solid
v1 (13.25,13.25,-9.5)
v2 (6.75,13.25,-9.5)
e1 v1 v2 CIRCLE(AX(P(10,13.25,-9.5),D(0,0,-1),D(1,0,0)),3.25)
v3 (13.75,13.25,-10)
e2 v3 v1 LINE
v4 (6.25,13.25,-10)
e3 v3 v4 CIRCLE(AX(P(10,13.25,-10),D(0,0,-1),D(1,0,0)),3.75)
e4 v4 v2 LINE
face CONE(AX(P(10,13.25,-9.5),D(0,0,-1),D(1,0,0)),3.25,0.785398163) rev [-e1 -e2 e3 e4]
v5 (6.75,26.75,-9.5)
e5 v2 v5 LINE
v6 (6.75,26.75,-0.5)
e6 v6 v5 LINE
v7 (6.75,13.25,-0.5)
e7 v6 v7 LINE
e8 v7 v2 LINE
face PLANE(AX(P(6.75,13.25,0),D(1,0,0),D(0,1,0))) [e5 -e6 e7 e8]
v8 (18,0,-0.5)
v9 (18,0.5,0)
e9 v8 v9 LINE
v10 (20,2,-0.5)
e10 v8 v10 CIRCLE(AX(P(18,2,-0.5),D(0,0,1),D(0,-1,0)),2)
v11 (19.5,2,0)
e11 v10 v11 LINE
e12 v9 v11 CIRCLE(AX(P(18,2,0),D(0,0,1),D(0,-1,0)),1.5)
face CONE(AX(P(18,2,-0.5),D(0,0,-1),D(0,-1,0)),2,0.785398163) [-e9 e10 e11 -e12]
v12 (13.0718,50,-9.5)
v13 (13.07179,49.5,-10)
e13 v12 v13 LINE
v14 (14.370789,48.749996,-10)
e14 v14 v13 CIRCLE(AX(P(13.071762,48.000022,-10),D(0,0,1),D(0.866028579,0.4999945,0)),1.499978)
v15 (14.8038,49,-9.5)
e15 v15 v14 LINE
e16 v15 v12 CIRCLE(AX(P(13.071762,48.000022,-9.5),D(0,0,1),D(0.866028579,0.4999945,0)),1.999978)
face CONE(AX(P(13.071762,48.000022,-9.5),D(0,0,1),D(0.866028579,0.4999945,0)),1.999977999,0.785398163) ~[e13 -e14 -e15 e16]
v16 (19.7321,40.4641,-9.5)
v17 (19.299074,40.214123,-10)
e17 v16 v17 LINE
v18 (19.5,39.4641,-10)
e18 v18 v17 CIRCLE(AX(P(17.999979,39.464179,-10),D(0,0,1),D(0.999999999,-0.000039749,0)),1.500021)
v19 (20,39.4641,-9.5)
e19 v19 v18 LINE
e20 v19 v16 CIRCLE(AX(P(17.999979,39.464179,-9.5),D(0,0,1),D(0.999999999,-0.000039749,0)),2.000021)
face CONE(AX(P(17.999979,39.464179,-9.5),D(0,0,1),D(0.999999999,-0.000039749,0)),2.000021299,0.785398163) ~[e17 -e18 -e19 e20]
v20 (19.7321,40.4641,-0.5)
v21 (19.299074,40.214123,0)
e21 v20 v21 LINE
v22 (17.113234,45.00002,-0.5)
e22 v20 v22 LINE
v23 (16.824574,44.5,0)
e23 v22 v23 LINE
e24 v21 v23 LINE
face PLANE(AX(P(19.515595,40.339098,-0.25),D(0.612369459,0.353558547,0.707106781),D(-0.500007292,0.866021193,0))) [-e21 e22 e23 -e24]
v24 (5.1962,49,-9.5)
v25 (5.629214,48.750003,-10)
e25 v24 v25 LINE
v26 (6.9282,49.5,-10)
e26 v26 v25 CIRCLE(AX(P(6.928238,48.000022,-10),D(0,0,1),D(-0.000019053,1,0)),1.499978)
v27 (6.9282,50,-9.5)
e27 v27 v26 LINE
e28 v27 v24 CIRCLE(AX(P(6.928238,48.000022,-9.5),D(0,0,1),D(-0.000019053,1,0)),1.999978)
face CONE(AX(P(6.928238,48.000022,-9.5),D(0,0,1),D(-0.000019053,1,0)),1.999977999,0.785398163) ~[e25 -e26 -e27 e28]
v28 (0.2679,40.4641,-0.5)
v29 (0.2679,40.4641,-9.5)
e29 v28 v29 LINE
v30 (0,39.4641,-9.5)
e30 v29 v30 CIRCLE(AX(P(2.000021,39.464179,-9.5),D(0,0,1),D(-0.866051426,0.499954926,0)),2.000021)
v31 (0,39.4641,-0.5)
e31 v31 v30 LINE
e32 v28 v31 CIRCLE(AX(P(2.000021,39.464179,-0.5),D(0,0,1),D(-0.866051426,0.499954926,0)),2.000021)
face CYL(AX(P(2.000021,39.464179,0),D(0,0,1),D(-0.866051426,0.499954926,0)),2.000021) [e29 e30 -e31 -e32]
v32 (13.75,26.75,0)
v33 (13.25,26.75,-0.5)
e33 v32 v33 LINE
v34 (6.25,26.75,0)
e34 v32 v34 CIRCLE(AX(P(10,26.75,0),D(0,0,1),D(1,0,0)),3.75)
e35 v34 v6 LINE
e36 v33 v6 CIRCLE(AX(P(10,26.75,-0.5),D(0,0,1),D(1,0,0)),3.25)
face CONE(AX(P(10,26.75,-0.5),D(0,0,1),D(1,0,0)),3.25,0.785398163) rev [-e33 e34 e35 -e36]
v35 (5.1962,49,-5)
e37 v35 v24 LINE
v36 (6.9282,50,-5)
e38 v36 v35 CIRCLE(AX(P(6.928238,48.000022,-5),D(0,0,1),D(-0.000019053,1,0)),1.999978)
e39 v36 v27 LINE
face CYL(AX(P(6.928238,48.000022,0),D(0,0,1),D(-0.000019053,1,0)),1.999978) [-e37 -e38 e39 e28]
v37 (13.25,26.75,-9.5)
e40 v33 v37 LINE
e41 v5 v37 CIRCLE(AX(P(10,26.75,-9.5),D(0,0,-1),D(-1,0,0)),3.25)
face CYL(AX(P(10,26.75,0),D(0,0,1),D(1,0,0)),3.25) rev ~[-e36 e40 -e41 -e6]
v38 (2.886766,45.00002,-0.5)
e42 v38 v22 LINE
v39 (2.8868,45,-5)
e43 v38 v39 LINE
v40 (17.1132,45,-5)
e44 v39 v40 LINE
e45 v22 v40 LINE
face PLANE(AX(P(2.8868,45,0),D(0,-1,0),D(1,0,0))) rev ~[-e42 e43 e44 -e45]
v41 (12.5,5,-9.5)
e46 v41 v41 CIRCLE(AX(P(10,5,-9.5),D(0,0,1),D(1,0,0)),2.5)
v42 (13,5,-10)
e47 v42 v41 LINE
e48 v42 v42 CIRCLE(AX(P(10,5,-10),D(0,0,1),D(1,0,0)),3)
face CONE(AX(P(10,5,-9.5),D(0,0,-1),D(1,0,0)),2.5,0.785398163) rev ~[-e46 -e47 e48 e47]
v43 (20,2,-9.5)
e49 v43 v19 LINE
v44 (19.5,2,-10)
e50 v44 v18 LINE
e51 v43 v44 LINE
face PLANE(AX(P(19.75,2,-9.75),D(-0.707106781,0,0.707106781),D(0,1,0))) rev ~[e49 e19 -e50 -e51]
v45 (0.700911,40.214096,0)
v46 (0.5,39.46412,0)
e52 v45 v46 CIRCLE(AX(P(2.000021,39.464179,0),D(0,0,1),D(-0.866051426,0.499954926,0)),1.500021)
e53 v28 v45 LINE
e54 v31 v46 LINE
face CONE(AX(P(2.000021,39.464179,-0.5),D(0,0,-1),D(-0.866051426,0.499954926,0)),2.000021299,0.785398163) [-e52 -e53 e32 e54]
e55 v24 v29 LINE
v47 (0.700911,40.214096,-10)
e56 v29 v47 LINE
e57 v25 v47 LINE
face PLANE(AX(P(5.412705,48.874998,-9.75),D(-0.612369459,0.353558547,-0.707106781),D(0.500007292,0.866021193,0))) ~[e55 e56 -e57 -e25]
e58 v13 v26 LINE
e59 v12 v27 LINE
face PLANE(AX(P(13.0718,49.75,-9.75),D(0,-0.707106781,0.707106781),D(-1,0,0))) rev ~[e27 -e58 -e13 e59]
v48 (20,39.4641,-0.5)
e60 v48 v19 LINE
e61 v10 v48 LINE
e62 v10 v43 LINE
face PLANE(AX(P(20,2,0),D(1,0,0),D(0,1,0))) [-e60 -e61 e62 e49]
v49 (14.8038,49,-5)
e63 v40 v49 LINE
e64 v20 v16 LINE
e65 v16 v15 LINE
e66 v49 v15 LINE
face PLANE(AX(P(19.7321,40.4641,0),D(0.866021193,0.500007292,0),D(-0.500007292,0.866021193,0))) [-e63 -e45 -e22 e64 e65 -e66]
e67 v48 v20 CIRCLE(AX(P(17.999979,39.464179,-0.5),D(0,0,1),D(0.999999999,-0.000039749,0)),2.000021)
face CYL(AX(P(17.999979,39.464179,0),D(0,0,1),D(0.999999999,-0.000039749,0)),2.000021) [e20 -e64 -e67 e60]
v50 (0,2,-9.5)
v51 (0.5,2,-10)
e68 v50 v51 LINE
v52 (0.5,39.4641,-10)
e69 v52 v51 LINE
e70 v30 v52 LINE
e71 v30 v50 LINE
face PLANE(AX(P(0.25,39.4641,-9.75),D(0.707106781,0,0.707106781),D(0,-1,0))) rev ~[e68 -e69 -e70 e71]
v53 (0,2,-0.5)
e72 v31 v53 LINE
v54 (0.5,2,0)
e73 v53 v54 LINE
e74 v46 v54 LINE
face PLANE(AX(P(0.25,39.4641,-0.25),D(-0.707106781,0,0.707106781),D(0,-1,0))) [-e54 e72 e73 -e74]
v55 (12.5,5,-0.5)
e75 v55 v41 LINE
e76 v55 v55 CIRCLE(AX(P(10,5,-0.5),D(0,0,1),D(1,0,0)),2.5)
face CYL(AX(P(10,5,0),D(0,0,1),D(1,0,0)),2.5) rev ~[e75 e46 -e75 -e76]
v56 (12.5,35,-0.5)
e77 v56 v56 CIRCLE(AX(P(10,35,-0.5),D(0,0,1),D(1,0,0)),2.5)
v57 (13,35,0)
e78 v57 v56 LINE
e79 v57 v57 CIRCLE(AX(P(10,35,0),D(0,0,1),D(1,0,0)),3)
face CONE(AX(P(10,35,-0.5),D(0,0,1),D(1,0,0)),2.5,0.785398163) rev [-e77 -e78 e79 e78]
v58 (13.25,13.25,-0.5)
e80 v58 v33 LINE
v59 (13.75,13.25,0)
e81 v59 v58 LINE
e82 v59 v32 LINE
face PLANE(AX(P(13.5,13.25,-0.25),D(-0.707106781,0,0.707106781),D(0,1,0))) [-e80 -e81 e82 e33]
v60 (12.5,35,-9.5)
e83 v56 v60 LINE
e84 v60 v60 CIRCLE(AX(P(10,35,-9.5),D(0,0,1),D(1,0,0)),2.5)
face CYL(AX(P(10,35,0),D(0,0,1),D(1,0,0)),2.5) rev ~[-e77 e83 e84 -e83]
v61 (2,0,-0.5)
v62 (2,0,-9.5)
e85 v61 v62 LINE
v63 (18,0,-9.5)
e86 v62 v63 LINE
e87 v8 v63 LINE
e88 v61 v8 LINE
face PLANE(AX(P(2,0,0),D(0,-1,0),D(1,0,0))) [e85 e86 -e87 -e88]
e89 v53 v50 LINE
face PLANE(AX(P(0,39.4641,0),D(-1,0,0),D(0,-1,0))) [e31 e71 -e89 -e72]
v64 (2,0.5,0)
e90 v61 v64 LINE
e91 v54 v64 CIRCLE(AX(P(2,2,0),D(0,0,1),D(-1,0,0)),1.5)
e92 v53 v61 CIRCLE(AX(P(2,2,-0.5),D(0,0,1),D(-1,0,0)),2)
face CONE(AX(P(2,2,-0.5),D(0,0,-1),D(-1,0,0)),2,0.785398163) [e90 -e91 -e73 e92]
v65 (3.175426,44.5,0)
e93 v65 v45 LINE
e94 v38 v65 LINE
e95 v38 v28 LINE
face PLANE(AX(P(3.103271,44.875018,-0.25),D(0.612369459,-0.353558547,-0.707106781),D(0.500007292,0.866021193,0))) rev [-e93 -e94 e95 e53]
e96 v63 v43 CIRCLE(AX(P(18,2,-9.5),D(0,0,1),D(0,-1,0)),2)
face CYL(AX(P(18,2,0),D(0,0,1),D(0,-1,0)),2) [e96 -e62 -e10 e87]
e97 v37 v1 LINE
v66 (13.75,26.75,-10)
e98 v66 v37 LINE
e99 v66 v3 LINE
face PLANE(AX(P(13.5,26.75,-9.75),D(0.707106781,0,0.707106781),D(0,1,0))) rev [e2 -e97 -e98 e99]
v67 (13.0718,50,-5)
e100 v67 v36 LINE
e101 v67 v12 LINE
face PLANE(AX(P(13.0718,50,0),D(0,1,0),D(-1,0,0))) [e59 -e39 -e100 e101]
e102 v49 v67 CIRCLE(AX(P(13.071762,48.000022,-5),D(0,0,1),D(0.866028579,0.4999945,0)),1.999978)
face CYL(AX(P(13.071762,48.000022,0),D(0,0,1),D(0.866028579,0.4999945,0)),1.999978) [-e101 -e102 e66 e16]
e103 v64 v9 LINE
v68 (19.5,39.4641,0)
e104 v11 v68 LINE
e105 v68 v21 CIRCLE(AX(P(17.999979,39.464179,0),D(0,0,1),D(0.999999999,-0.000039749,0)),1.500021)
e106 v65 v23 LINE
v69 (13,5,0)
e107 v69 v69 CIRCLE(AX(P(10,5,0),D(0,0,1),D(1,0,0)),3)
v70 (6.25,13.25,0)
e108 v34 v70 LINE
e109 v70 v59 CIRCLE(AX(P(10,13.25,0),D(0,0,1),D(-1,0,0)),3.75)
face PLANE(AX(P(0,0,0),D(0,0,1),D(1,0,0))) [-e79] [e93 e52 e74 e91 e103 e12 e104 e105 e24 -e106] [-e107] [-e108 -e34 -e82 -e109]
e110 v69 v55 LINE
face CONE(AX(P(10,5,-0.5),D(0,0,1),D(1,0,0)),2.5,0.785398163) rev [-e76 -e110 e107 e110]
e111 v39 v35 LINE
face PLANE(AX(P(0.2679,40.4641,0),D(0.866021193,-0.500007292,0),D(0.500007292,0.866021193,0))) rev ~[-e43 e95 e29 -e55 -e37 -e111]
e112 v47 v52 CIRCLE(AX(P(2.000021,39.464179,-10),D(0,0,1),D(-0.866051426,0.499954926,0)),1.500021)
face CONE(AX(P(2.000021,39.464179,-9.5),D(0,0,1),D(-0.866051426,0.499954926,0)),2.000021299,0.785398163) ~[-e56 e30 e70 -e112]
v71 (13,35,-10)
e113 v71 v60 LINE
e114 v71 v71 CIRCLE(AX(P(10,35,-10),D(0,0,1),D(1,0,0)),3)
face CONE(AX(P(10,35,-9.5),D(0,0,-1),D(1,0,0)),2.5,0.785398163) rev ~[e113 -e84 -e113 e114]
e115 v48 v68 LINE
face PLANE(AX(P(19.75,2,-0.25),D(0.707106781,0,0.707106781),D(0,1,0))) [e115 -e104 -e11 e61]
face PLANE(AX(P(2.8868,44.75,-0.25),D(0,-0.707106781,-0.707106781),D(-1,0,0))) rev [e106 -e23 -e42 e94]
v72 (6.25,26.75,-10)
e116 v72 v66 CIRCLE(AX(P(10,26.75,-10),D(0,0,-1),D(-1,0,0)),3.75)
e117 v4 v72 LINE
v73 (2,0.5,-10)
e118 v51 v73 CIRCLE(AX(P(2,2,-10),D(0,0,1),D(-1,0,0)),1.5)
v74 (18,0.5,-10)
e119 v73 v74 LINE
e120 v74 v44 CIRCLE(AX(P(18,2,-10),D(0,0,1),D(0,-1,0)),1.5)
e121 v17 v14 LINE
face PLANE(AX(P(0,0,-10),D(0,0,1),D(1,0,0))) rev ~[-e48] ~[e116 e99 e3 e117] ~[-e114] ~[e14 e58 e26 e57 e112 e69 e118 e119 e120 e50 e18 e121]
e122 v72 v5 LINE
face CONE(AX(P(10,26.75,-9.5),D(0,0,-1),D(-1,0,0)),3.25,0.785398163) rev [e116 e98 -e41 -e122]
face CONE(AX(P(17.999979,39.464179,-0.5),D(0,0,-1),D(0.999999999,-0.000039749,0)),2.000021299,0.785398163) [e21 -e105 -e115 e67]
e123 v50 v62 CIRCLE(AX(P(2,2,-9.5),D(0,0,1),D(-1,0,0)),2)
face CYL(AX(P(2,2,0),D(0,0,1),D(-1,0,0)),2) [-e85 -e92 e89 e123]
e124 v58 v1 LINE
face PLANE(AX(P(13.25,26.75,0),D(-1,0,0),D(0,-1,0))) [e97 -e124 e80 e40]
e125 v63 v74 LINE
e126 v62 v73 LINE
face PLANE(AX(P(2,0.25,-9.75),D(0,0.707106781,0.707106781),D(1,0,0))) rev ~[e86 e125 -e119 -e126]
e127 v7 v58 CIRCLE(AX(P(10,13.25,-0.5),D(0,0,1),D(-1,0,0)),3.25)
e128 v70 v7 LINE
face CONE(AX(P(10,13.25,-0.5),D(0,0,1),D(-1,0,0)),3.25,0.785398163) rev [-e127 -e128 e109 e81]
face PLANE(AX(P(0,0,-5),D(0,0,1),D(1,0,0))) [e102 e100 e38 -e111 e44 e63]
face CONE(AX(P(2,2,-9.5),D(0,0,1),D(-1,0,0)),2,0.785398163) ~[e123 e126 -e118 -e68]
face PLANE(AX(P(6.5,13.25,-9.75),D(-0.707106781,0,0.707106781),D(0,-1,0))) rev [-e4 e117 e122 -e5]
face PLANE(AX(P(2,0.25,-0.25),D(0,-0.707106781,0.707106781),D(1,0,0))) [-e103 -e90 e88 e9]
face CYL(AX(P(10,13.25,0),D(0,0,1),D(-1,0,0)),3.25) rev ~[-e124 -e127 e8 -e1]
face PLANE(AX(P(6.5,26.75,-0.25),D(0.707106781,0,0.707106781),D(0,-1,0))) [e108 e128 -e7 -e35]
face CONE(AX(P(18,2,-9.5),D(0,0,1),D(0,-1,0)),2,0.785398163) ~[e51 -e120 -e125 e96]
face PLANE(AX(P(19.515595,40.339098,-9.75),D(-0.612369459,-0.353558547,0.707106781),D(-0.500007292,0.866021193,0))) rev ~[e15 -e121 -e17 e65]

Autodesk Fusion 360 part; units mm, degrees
sketch "Skizze1" plane through (0, 0, 0) normal (0, 0, 1) x (1, 0, 0)
  line L0 (2, 0) -> (18, 0)
  line L1 (20, 2) -> (20, 39.4641)
  line L2 (13.0718, 50) -> (6.9282, 50)
  line L3 (0, 39.4641) -> (0, 2)
  line L4 (10, 50) -> (10, 0) construction
  circle A0 centre (10, 5) radius 2.5
  circle A1 centre (10, 35) radius 2.5
  line L5 (13.25, 26.75) -> (13.25, 13.25)
  line L6 (6.75, 13.25) -> (6.75, 26.75)
  arc A2 (13.25, 26.75) -> (6.75, 26.75) centre (10, 26.75) ccw
  arc A3 (6.75, 13.25) -> (13.25, 13.25) centre (10, 13.25) ccw
  line L7 (0, 40) -> (20, 40) construction
  line L8 (0.2679, 40.4641) -> (5.1962, 49)
  line L9 (19.7321, 40.4641) -> (14.8038, 49)
  line L10 (0, 45) -> (20, 45) construction
  line L11 (0, 26.75) -> (20, 26.75) construction
  line L12 (0, 13.25) -> (20, 13.25) construction
  line L13 (2.8868, 45) -> (17.1132, 45)
  arc A4 (0, 2) -> (2, 0) centre (2, 2) ccw
  arc A5 (18, 0) -> (20, 2) centre (18, 2) ccw
  arc A6 (0.2679, 40.4641) -> (0, 39.4641) centre (2, 39.4641) ccw
  arc A7 (20, 39.4641) -> (19.7321, 40.4641) centre (18, 39.4641) ccw
  arc A8 (14.8038, 49) -> (13.0718, 50) centre (13.0718, 48) ccw
  arc A9 (6.9282, 50) -> (5.1962, 49) centre (6.9282, 48) ccw
  point P0 (20, 0)
  point P1 (20, 40)
  dimension "breite" = 20
  dimension "loch_durchmesser" = 5
  dimension "d4" = 20
  dimension "d6" = 5
  dimension "d7" = 5
  dimension "d8" = 5
  dimension "d9" = 8.25
  dimension "d10" = 8.25
  dimension "kopf_lenge" = 10
  dimension "d13" = 10
  dimension "d14" = 60
  dimension "d15" = 60
  dimension "kopf_winkel" = 60
  dimension "d18" = 5
  dimension "d19" = 6.5
  dimension "d21" = 5
  dimension "d22" = 50
  dimension "d23" = 10
  dimension "d24" = 5
  dimension "parameter_1" = 2.5
  dimension "abrundung" = 2
  dimension "d27" = 2
  dimension "d28" = 2
  dimension "d29" = 2
  dimension "d30" = 2
  dimension "d31" = 2
  dimension "d32" = 2
extrude "Extrusion1" add sketch "Skizze1" against normal blind 10
extrude "Extrusion2" cut sketch "Skizze1" against normal blind 5 contours L2 L8 L9 L13 A8 A9
chamfer "Fase1" distance 0.5 angle 45 34 edges at (10, 30, 0) (13.25, 20, 0) (10, 10, 0) (6.75, 20, 0) (7.6692, 35.904, 0) (7.6692, 5.904, 0) (0, 20.7321, 0) (0.5858, 0.5858, 0) (10, 0, 0) (19.4142, 0.5858, 0) (20, 20.7321, 0) (19.9319, 39.9817, 0) (18.4226, 42.7321, 0) (1.5774, 42.7321, 0) (0.0681, 39.9817, 0) (10, 45, 0) (0, 20.7321, -10) (0.0681, 39.9817, -10) (2.7321, 44.7321, -10) (5.9282, 49.7321, -10) (10, 50, -10) (14.0718, 49.7321, -10) (17.2679, 44.7321, -10) (19.9319, 39.9817, -10) (20, 20.7321, -10) (19.4142, 0.5858, -10) (10, 0, -10) (0.5858, 0.5858, -10) (7.6692, 4.096, -10) (6.75, 20, -10) (10, 10, -10) (13.25, 20, -10) (10, 30, -10) (7.6692, 34.096, -10)
equation "breite = 20 mm"
equation "höhe = 50 mm"
equation "loch_durchmesser = 5 mm"
equation "d4 = breite"
equation "d6 = loch_durchmesser"
equation "d7 = loch_durchmesser"
equation "d8 = parameter_1 + loch_durchmesser / 2"
equation "d9 = ( öffnung_breite / 2 ) + ( loch_durchmesser / 2 ) + parameter_1"
equation "d10 = ( öffnung_breite / 2 ) + ( loch_durchmesser / 2 ) + parameter_1"
equation "kopf_lenge = 10 mm"
equation "d13 = kopf_lenge"
equation "d14 = kopf_winkel"
equation "d15 = kopf_winkel"
equation "kopf_winkel = 60 deg"
equation "d18 = kopf_lenge / 2"
equation "d19 = öffnung_breite"
equation "öffnung_breite = 6.50 mm"
equation "d21 = kopf_lenge / 2"
equation "d22 = höhe"
equation "d23 = breite / 2"
equation "d24 = parameter_1 + loch_durchmesser / 2"
equation "parameter_1 = 2.5 mm"
equation "abrundung = 2 mm"
equation "d27 = abrundung"
equation "d28 = abrundung"
equation "d29 = abrundung"
equation "d30 = abrundung"
equation "d31 = abrundung"
equation "d32 = abrundung"
